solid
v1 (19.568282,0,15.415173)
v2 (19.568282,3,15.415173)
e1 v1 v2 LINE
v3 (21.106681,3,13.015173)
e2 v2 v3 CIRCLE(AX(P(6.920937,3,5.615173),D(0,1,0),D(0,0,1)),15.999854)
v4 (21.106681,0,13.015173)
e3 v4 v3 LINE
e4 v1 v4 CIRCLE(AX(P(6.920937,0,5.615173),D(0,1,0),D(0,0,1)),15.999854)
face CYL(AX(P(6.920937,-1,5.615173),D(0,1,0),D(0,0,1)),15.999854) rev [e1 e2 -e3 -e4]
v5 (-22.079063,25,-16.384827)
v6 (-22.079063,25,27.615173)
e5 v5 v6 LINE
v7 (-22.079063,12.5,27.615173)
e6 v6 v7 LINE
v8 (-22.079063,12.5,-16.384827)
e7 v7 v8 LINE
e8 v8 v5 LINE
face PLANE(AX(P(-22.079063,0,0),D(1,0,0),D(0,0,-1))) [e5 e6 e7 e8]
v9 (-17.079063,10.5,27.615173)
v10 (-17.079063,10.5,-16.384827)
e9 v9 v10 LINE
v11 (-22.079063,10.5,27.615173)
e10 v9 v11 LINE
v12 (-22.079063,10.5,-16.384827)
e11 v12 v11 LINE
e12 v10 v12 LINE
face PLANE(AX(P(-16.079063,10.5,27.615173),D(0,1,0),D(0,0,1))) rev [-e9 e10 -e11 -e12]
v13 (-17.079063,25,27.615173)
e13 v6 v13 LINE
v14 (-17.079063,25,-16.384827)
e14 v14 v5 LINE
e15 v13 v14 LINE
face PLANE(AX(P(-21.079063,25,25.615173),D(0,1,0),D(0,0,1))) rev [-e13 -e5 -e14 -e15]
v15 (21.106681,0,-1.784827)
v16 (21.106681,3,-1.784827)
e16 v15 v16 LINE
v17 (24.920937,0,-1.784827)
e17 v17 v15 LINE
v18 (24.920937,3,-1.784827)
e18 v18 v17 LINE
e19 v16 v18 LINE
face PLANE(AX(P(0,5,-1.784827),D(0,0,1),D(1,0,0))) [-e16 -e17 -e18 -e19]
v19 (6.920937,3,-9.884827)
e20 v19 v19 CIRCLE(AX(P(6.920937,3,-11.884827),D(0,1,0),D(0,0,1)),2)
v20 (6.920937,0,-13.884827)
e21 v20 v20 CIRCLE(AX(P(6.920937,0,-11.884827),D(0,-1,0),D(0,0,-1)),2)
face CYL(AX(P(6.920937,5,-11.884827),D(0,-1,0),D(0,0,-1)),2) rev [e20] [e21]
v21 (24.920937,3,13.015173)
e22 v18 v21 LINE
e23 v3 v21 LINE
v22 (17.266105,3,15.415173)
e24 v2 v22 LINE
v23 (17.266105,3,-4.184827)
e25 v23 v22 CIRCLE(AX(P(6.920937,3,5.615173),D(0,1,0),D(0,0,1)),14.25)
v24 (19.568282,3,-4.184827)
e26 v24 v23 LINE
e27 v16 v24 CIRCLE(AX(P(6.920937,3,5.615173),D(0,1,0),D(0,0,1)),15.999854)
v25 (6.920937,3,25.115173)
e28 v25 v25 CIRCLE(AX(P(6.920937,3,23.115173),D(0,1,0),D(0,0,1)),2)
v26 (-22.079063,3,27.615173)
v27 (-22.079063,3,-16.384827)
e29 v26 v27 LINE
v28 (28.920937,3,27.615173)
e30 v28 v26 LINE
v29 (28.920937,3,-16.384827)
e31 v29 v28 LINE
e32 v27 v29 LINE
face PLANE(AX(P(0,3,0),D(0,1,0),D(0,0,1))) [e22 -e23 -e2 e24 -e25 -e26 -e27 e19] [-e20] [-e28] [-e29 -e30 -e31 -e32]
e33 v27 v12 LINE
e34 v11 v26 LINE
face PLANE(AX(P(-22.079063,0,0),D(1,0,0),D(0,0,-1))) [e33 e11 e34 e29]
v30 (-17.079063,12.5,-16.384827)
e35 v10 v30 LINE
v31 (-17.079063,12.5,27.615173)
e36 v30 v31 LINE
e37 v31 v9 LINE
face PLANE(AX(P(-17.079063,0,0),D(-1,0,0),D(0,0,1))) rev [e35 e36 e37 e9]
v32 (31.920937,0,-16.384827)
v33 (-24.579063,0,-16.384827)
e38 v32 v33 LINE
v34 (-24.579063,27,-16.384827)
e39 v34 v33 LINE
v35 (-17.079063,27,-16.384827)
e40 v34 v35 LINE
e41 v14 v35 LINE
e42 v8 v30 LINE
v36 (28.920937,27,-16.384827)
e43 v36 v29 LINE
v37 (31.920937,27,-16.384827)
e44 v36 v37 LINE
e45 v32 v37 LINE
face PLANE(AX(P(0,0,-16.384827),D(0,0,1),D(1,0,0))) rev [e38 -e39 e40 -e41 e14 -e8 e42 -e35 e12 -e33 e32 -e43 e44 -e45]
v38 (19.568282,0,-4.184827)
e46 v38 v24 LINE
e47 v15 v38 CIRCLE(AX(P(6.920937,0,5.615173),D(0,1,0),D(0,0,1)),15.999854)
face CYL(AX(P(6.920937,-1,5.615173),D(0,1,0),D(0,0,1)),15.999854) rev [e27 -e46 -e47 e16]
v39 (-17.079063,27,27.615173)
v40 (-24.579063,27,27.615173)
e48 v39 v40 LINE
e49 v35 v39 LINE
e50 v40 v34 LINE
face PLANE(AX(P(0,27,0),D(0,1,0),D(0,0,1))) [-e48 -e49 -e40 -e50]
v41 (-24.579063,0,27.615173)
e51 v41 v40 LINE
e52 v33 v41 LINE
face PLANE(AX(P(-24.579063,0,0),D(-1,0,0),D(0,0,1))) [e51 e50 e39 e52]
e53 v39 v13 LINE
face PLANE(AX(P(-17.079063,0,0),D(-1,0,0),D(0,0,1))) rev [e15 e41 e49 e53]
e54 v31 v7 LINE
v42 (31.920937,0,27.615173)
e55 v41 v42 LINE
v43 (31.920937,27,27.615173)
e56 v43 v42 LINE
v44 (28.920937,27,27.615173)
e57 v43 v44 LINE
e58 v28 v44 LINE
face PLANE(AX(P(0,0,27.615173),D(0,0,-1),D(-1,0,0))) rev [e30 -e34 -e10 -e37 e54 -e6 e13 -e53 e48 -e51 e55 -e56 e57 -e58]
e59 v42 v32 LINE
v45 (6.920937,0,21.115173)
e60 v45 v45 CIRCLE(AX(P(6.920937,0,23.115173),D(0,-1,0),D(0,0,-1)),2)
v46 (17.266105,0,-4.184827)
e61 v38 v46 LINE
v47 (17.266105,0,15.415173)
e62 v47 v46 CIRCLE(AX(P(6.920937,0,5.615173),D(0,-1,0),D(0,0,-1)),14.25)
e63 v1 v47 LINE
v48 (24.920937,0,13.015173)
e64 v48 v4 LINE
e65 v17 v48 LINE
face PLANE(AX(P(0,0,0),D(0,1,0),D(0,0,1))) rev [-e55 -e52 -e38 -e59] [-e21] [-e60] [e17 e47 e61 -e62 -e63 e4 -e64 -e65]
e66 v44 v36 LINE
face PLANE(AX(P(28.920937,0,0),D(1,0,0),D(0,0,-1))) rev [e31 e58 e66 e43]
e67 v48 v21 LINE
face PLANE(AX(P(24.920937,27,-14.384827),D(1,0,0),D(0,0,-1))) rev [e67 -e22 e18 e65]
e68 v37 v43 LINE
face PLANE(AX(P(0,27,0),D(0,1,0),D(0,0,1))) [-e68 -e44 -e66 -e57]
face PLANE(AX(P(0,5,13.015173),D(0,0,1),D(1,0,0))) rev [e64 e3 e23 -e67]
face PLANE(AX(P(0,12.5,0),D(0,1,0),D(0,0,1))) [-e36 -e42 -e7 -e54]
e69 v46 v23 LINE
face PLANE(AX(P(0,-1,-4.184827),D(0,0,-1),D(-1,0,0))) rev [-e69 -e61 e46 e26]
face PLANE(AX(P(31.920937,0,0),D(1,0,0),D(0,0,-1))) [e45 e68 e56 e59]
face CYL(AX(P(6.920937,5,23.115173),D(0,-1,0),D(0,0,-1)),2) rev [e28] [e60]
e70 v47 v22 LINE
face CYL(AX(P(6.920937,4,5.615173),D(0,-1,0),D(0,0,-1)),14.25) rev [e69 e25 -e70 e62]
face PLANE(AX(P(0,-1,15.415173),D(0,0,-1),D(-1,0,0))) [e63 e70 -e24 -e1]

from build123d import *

# Parameters (mm, degrees)
SKETCH1_W            = 50
SKETCH1_H            = 40
BOSS_EXTRUDE1_DEPTH  = 3
SKETCH2_W            = 4
SKETCH2_H            = 40
BOSS_EXTRUDE2_DEPTH  = 24
SKETCH3_W            = 40
SKETCH3_H            = 13
CUT_EXTRUDE1_DEPTH   = 2
SKETCH5_W            = 2
SKETCH5_H            = 40
BOSS_EXTRUDE3_DEPTH  = 24
SKETCH6_R            = 2
CUT_EXTRUDE9_DEPTH   = 5
BOSS_EXTRUDE5_DEPTH  = 2
BOSS_EXTRUDE6_DEPTH  = 2
SKETCH12_W           = 44
SKETCH12_H           = 27
BOSS_EXTRUDE7_DEPTH  = 1
SKETCH14_W           = 44
SKETCH14_H           = 2
BOSS_EXTRUDE8_DEPTH  = 3
BOSS_EXTRUDE9_DEPTH  = 0.5
SKETCH15_W           = 44
SKETCH15_H           = 2
BOSS_EXTRUDE10_DEPTH = 3
SKETCH16_W           = 14.8
SKETCH16_H           = 3
CUT_EXTRUDE10_DEPTH  = 0.5
SKETCH17_W           = 44
SKETCH17_H           = 27
BOSS_EXTRUDE11_DEPTH = 4
SKETCH18_W           = 44
SKETCH18_H           = 24
CUT_EXTRUDE11_DEPTH  = 4
SKETCH21_R           = 14.25
CUT_EXTRUDE15_DEPTH  = 4
CUT_EXTRUDE16_START  = -4
CUT_EXTRUDE16_DEPTH  = 4
SKETCH24_W           = 44
SKETCH24_H           = 27
BOSS_EXTRUDE13_DEPTH = 1
SKETCH25_W           = 44
SKETCH25_H           = 12.5
CUT_EXTRUDE17_DEPTH  = 1
SKETCH26_W           = 44
SKETCH26_H           = 2
CUT_EXTRUDE18_DEPTH  = 1
SKETCH27_W           = 44
SKETCH27_H           = 2
CUT_EXTRUDE19_DEPTH  = 1
SKETCH28_W           = 44
SKETCH28_H           = 7.5
CUT_EXTRUDE20_DEPTH  = 3
SKETCH29_W           = 44
SKETCH29_H           = 27
BOSS_EXTRUDE14_DEPTH = 0.5


with BuildPart() as part:
    # Sketch1 → Boss-Extrude1 (new body)
    with BuildSketch(Plane(origin=(0, 0, 0), x_dir=(1, 0, 0), z_dir=(0, 1, 0))):
        with Locations((1.920937393, -5.615172506)):
            Rectangle(SKETCH1_W, SKETCH1_H)
    extrude(amount=BOSS_EXTRUDE1_DEPTH)

    # Sketch2 → Boss-Extrude2 (add)
    with BuildSketch(Plane(origin=(0, 3, 0), x_dir=(1, 0, 0), z_dir=(0, 1, 0))):
        with Locations((-21.079062607, -5.615172506)):
            Rectangle(SKETCH2_W, SKETCH2_H)
    extrude(amount=BOSS_EXTRUDE2_DEPTH)

    # Sketch3 → Cut-Extrude1 (cut)
    with BuildSketch(Plane(origin=(-19.079062607, 0, 0), x_dir=(0, 0, -1), z_dir=(1, 0, 0))):
        with Locations((-5.615172506, 18.5)):
            Rectangle(SKETCH3_W, SKETCH3_H)
    extrude(amount=-CUT_EXTRUDE1_DEPTH, mode=Mode.SUBTRACT)

    # Sketch5 → Boss-Extrude3 (add)
    with BuildSketch(Plane(origin=(0, 3, 0), x_dir=(1, 0, 0), z_dir=(0, 1, 0))):
        with Locations((25.920937393, -5.615172506)):
            Rectangle(SKETCH5_W, SKETCH5_H)
    extrude(amount=BOSS_EXTRUDE3_DEPTH)

    # Sketch6 → Cut-Extrude9 (cut)
    with BuildSketch(Plane.XZ):
        with Locations(Location((6.920937393, 23.115172506, 0), (0, 0, 270))):
            Circle(SKETCH6_R)
        with Locations(Location((6.920937393, -11.884827494, 0), (0, 0, 270))):
            Circle(SKETCH6_R)
        with BuildLine():
            Line((24.420937393, 13.015172506), (18.923020545, 13.015172506))
            ThreePointArc((18.923020545, 13.015172506), (-7.179062607, 5.615172506), (18.923020545, -1.784827494))
            Line((18.923020545, -1.784827494), (24.420937393, -1.784827494))
            Line((24.420937393, -1.784827494), (24.420937393, 5.615172506))
            Line((24.420937393, 5.615172506), (24.420937393, 13.015172506))
        make_face()
    extrude(amount=-CUT_EXTRUDE9_DEPTH, mode=Mode.SUBTRACT)

    # Sketch10 → Boss-Extrude5 (add)
    with BuildSketch(Plane.XY.offset(25.615172506)):
        Polygon((-19.079062607, 27), (-19.079062607, 25), (-21.079062607, 25), (-21.079062607, 12), (-19.079062607, 12), (-19.079062607, 3), (24.920937393, 3), (24.920937393, 27), (26.920937393, 27), (26.920937393, 0), (-23.079062607, 0), (-23.079062607, 27), align=None)
    extrude(amount=BOSS_EXTRUDE5_DEPTH)

    # Sketch11 → Boss-Extrude6 (add)
    with BuildSketch(Plane(origin=(0, 0, -14.384827494), x_dir=(-1, 0, 0), z_dir=(0, 0, -1))):
        Polygon((-26.920937393, 27), (-24.920937393, 27), (-24.920937393, 3), (19.079062607, 3), (19.079062607, 12), (21.079062607, 12), (21.079062607, 25), (19.079062607, 25), (19.079062607, 27), (23.079062607, 27), (23.079062607, 0), (-26.920937393, 0), align=None)
    extrude(amount=BOSS_EXTRUDE6_DEPTH)

    # Sketch12 → Boss-Extrude7 (add)
    with BuildSketch(Plane(origin=(26.920937393, 0, 0), x_dir=(0, 0, -1), z_dir=(1, 0, 0))):
        with Locations((-5.615172506, 13.5)):
            Rectangle(SKETCH12_W, SKETCH12_H)
    extrude(amount=BOSS_EXTRUDE7_DEPTH)

    # Sketch14 → Boss-Extrude8 (add)
    with BuildSketch(Plane(origin=(-19.079062607, 0, 0), x_dir=(0, 0, -1), z_dir=(1, 0, 0))):
        with Locations((-5.615172506, 26)):
            Rectangle(SKETCH14_W, SKETCH14_H)
    extrude(amount=BOSS_EXTRUDE8_DEPTH)

    # 3DSketch1 → Boss-Extrude9 (add)
    with BuildSketch(Plane(origin=(-21.079062607, 12, 27.615172506), x_dir=(0.04540766091864994, 0, -0.9989685402102996), z_dir=(0, -1, 0))):
        Polygon((0, 0), (0.090815322, 1.99793708), (44.045431091, 0), (43.954615769, -1.99793708), align=None)
    extrude(amount=-BOSS_EXTRUDE9_DEPTH)

    # Sketch15 → Boss-Extrude10 (add)
    with BuildSketch(Plane(origin=(-19.079062607, 0, 0), x_dir=(0, 0, -1), z_dir=(1, 0, 0))):
        with Locations((-5.615172506, 11.5)):
            Rectangle(SKETCH15_W, SKETCH15_H)
    extrude(amount=BOSS_EXTRUDE10_DEPTH)

    # Sketch16 → Cut-Extrude10 (cut)
    with BuildSketch(Plane.ZY.offset(-24.420937393)):
        with Locations((5.615172506, 1.5)):
            Rectangle(SKETCH16_W, SKETCH16_H)
    extrude(amount=-CUT_EXTRUDE10_DEPTH, mode=Mode.SUBTRACT)

    # Sketch17 → Boss-Extrude11 (add)
    with BuildSketch(Plane(origin=(27.920937393, 0, 0), x_dir=(0, 0, -1), z_dir=(1, 0, 0))):
        with Locations((-5.615172506, 13.5)):
            Rectangle(SKETCH17_W, SKETCH17_H)
    extrude(amount=BOSS_EXTRUDE11_DEPTH)

    # Sketch18 → Cut-Extrude11 (cut)
    with BuildSketch(Plane.ZY.offset(-24.920937393)):
        with Locations((5.615172506, 15)):
            Rectangle(SKETCH18_W, SKETCH18_H)
    extrude(amount=-CUT_EXTRUDE11_DEPTH, mode=Mode.SUBTRACT)

    # Sketch21 → Cut-Extrude15 (cut)
    with BuildSketch(Plane(origin=(0, 0, 0), x_dir=(-1, 0, 0), z_dir=(0, -1, 0))):
        with Locations((-6.920937393, -5.615172506)):
            Circle(SKETCH21_R)
    extrude(amount=-CUT_EXTRUDE15_DEPTH, mode=Mode.SUBTRACT)

    # Sketch22 → Cut-Extrude16 (cut)
    with BuildSketch(Plane(origin=(0, 3, 0), x_dir=(1, 0, 0), z_dir=(0, 1, 0)).offset(CUT_EXTRUDE16_START)):
        with BuildLine():
            ThreePointArc((21.106680727, 1.784827494), (20.39103932, 3.019158274), (19.568281538, 4.184827494))
            Line((19.568281538, 4.184827494), (17.266105347, 4.184827494))
            ThreePointArc((17.266105347, 4.184827494), (18.246250908, 3.03351374), (19.09888878, 1.784827494))
            Line((19.09888878, 1.784827494), (21.106680727, 1.784827494))
        make_face()
        with BuildLine():
            Line((17.266105347, -15.415172506), (19.568281538, -15.415172506))
            ThreePointArc((19.568281538, -15.415172506), (20.39103932, -14.249503286), (21.106680727, -13.015172506))
            Line((21.106680727, -13.015172506), (19.09888878, -13.015172506))
            ThreePointArc((19.09888878, -13.015172506), (18.246250908, -14.263858752), (17.266105347, -15.415172506))
        make_face()
    extrude(amount=CUT_EXTRUDE16_DEPTH, mode=Mode.SUBTRACT)

    # Sketch24 → Boss-Extrude13 (add)
    with BuildSketch(Plane.ZY.offset(23.079062607)):
        with Locations((5.615172506, 13.5)):
            Rectangle(SKETCH24_W, SKETCH24_H)
    extrude(amount=BOSS_EXTRUDE13_DEPTH)

    # Sketch25 → Cut-Extrude17 (cut)
    with BuildSketch(Plane(origin=(-21.079062607, 0, 0), x_dir=(0, 0, -1), z_dir=(1, 0, 0))):
        with Locations((-5.615172506, 18.75)):
            Rectangle(SKETCH25_W, SKETCH25_H)
    extrude(amount=-CUT_EXTRUDE17_DEPTH, mode=Mode.SUBTRACT)

    # Sketch26 → Cut-Extrude18 (cut)
    with BuildSketch(Plane(origin=(-16.079062607, 0, 0), x_dir=(0, 0, -1), z_dir=(1, 0, 0))):
        with Locations((-5.615172506, 26)):
            Rectangle(SKETCH26_W, SKETCH26_H)
    extrude(amount=-CUT_EXTRUDE18_DEPTH, mode=Mode.SUBTRACT)

    # Sketch27 → Cut-Extrude19 (cut)
    with BuildSketch(Plane(origin=(-16.079062607, 0, 0), x_dir=(0, 0, -1), z_dir=(1, 0, 0))):
        with Locations((-5.615172506, 11.5)):
            Rectangle(SKETCH27_W, SKETCH27_H)
    extrude(amount=-CUT_EXTRUDE19_DEPTH, mode=Mode.SUBTRACT)

    # Sketch28 → Cut-Extrude20 (cut)
    with BuildSketch(Plane(origin=(-19.079062607, 0, 0), x_dir=(0, 0, -1), z_dir=(1, 0, 0))):
        with Locations((-5.615172506, 6.75)):
            Rectangle(SKETCH28_W, SKETCH28_H)
    extrude(amount=-CUT_EXTRUDE20_DEPTH, mode=Mode.SUBTRACT)

    # Sketch29 → Boss-Extrude14 (add)
    with BuildSketch(Plane.ZY.offset(24.079062607)):
        with Locations((5.615172506, 13.5)):
            Rectangle(SKETCH29_W, SKETCH29_H)
    extrude(amount=BOSS_EXTRUDE14_DEPTH)


solid = part.part
